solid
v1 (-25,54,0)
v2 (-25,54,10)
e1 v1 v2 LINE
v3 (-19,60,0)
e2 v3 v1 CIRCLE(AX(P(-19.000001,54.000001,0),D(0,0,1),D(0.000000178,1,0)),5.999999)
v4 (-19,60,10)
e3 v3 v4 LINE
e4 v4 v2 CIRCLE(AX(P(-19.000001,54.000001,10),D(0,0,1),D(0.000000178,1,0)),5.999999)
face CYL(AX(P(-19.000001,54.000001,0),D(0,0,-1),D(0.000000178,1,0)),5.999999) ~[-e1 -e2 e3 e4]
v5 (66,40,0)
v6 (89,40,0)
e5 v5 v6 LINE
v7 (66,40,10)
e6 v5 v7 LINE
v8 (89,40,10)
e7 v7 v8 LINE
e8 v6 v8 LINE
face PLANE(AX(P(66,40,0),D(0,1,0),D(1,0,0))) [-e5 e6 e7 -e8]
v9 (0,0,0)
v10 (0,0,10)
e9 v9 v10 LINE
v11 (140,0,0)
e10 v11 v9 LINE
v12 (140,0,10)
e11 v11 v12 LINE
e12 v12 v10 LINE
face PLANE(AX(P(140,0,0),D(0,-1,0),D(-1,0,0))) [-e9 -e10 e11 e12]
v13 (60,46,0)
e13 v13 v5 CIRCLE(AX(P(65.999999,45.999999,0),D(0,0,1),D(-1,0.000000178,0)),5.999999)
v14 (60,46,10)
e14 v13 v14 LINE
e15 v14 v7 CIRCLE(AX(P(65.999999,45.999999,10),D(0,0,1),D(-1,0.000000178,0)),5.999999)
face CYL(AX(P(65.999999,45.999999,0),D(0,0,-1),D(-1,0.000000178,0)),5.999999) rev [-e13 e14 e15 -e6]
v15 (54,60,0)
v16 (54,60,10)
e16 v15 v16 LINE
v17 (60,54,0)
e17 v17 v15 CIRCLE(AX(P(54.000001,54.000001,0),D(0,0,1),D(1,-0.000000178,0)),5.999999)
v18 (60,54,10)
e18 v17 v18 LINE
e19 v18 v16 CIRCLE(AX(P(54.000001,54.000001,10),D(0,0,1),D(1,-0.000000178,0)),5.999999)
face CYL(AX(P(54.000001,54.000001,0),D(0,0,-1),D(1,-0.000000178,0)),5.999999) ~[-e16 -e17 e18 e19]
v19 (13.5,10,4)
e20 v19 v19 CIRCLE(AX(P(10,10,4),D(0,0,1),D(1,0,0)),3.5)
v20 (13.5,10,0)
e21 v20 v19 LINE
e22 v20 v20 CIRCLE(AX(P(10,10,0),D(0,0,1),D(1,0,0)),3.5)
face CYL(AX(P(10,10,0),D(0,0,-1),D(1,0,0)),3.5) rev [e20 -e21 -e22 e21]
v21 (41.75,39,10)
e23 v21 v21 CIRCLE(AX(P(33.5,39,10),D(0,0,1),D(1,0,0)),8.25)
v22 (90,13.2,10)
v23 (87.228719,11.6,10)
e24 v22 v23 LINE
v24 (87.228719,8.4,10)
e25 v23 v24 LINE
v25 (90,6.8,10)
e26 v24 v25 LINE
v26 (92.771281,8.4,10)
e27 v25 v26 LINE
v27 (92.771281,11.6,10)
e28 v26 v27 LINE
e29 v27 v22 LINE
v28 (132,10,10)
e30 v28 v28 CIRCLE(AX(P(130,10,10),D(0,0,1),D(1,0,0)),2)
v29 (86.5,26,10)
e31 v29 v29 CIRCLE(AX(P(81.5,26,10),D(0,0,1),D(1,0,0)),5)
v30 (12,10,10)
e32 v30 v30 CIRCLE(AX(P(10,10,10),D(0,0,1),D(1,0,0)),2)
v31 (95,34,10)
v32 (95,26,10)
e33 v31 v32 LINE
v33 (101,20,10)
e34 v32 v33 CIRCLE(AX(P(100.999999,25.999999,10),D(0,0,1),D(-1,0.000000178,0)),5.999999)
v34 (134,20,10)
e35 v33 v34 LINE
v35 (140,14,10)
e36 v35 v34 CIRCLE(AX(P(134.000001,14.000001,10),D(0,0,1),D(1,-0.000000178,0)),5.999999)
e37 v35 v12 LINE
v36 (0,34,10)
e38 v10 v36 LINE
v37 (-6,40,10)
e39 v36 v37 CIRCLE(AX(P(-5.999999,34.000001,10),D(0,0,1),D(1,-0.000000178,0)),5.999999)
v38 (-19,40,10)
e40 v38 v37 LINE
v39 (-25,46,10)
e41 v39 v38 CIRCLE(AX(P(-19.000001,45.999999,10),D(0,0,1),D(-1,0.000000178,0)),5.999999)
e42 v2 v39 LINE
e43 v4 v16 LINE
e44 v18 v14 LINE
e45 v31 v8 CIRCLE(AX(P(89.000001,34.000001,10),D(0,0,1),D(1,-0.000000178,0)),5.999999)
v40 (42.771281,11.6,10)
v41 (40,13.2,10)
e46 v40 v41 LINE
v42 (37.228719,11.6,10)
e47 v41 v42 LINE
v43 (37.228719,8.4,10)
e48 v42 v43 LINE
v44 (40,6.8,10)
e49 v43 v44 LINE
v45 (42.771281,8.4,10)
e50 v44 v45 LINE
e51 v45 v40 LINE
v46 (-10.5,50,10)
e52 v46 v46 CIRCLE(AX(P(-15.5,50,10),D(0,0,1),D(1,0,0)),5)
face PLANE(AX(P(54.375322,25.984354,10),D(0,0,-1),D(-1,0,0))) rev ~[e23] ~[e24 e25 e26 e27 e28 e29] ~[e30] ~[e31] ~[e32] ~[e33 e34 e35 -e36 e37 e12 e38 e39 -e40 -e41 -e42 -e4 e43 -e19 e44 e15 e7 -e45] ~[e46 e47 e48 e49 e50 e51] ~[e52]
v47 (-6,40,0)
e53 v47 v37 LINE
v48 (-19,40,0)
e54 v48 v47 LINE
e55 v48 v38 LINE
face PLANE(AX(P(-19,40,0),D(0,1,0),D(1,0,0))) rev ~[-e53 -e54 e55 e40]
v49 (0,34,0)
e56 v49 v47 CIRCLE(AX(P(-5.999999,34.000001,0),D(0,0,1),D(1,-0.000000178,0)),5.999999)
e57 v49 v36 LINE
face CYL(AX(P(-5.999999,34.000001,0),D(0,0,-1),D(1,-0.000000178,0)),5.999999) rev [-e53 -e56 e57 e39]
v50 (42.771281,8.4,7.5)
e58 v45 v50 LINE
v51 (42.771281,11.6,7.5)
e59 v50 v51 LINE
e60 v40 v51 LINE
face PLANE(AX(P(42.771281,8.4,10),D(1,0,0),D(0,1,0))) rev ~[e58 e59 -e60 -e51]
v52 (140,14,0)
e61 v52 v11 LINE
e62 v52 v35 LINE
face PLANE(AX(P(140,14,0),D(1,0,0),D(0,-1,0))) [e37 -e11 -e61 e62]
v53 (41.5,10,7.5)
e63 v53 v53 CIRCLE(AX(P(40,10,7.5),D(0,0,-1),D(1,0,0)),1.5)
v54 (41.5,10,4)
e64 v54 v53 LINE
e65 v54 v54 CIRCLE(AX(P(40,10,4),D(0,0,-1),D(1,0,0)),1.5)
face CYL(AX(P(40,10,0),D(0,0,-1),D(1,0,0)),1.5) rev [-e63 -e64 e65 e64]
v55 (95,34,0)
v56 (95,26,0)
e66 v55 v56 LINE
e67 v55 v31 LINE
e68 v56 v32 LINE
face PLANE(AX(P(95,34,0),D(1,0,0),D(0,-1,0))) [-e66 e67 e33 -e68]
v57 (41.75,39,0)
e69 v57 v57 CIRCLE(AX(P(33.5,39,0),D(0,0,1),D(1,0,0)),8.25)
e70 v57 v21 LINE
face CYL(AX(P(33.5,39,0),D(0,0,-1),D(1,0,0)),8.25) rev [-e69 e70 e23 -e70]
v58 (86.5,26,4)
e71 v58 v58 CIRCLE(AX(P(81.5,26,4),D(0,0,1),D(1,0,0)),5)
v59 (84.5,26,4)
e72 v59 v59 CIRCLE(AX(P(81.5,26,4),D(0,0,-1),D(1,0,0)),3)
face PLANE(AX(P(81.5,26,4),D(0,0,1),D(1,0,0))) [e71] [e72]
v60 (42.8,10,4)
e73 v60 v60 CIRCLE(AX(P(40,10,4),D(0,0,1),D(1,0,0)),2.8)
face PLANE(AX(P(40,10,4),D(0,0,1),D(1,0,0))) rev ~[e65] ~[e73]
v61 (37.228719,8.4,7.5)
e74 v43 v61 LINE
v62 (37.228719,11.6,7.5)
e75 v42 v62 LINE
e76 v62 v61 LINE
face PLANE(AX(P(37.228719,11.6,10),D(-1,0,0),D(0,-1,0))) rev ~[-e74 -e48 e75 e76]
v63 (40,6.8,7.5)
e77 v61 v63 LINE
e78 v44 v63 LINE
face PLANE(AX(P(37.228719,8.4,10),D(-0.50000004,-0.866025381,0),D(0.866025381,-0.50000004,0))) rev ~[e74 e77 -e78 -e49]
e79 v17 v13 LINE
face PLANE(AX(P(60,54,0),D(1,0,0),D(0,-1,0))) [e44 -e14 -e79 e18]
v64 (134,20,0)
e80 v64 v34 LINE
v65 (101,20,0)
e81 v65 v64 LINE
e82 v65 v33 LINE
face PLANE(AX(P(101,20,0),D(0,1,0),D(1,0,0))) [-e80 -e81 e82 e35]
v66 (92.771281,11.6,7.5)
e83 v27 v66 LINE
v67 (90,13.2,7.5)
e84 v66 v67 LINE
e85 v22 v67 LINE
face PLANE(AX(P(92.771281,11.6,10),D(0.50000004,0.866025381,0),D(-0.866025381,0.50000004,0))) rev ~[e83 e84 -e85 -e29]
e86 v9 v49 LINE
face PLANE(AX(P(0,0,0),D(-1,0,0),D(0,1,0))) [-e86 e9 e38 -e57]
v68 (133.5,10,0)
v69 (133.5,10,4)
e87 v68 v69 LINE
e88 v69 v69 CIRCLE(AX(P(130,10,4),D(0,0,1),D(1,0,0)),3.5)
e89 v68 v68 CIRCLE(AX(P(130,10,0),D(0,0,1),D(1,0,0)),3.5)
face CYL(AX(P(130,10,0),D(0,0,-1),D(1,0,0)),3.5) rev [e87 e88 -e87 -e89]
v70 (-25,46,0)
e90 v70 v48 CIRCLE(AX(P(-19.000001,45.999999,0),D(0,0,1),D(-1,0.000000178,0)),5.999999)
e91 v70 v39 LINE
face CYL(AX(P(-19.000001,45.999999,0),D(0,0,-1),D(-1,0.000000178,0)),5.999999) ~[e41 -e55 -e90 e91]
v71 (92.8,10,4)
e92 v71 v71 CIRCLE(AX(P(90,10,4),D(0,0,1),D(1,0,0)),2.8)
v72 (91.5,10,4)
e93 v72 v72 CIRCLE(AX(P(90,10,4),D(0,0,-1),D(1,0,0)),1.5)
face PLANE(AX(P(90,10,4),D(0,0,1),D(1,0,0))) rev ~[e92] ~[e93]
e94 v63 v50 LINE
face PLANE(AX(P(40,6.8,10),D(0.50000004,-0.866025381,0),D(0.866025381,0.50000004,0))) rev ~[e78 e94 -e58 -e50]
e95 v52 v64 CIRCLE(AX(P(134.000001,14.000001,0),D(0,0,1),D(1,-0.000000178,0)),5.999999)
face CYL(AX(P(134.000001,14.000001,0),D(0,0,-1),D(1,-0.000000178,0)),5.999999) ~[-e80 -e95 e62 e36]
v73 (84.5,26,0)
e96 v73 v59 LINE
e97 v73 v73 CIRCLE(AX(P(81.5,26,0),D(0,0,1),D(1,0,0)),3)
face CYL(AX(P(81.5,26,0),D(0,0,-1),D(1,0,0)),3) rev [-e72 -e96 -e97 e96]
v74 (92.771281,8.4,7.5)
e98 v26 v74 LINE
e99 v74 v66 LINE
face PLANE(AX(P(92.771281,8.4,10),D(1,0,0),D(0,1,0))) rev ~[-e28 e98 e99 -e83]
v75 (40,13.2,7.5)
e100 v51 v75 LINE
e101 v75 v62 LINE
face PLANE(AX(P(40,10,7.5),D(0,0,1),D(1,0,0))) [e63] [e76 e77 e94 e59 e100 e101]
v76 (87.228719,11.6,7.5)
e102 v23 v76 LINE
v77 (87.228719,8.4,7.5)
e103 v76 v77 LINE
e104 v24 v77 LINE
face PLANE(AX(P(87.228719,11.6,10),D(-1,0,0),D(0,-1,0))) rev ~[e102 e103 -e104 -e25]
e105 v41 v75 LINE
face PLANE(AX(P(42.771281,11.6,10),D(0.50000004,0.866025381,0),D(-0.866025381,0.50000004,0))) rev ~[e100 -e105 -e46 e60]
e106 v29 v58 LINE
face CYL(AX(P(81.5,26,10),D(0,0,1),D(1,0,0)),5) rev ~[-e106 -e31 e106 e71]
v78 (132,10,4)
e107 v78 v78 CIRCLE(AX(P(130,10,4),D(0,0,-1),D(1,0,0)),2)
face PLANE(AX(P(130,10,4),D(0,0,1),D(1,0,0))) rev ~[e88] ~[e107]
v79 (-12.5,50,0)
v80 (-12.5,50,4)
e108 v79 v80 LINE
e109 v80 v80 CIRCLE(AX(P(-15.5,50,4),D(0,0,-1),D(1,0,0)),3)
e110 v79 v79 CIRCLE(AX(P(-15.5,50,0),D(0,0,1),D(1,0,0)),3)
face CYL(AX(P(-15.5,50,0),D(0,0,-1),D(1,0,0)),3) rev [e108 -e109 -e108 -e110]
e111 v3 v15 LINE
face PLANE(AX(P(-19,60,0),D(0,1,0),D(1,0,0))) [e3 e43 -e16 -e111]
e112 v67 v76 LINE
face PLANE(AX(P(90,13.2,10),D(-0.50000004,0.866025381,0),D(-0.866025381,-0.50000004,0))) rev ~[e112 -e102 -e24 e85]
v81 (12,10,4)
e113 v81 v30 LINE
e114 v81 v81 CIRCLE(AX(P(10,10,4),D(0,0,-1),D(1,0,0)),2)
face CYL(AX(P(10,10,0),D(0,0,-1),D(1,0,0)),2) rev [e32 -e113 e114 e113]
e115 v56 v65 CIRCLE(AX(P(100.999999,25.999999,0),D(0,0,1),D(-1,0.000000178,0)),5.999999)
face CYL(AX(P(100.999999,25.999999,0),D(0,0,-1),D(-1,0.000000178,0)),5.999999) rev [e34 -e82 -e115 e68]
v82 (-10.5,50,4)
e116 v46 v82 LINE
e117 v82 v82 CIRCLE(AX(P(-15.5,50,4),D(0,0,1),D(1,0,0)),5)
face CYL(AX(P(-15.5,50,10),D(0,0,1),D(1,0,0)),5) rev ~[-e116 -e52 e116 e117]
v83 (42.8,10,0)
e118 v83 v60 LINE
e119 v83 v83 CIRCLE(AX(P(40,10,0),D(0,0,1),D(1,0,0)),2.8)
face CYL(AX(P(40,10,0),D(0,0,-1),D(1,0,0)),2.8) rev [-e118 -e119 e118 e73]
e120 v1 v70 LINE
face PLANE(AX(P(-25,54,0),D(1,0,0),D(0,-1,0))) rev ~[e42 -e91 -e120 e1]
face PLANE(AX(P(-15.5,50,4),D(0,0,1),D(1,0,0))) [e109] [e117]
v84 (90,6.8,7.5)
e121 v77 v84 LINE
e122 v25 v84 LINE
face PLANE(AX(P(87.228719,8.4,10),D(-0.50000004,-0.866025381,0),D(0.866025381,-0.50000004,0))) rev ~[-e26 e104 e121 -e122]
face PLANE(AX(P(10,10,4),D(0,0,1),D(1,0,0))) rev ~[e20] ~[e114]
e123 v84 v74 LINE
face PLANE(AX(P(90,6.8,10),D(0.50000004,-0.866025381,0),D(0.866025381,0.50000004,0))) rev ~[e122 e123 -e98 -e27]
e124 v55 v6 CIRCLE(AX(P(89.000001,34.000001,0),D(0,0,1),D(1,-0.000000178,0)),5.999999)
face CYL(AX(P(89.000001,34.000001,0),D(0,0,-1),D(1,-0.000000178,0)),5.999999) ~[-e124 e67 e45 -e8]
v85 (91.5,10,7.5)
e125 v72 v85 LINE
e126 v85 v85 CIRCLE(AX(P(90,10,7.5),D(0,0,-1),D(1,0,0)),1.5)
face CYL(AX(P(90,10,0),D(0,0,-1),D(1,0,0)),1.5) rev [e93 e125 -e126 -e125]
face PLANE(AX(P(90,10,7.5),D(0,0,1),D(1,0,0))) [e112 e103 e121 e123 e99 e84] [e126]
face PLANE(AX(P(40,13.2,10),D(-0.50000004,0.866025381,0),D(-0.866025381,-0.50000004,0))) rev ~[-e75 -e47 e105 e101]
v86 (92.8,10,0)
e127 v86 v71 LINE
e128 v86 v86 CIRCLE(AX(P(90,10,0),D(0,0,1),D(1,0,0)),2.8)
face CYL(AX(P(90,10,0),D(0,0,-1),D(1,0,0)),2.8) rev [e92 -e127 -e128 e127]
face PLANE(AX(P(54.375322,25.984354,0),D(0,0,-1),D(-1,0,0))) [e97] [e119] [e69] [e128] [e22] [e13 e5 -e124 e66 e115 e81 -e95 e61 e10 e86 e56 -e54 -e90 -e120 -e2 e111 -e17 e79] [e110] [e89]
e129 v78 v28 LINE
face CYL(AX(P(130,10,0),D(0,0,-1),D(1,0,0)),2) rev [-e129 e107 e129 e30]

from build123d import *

# Parameters (mm, degrees)
SKETCH_R        = 2
SKETCH_R_2      = 8.25
SKETCH_R_3      = 3
SKETCH_R_4      = 1.5
PAD_DEPTH       = 10
SKETCH004_R     = 3.5
SKETCH004_R_2   = 2.8
POCKET_DEPTH    = 4
POCKET001_DEPTH = 2.5
SKETCH006_R     = 5
POCKET002_DEPTH = 6


with BuildPart() as part:
    # Sketch → Pad (new body)
    with BuildSketch(Plane.XY):
        with BuildLine():
            Line((0, 0), (0, 34))
            ThreePointArc((0, 34), (-1.757359, 38.242641), (-6, 40))
            Line((-19, 40), (-6, 40))
            ThreePointArc((-25, 46), (-23.242641, 41.757359), (-19, 40))
            Line((-25, 54), (-25, 46))
            ThreePointArc((-19, 60), (-23.242641, 58.242641), (-25, 54))
            Line((-19, 60), (54, 60))
            ThreePointArc((60, 54), (58.242641, 58.242641), (54, 60))
            Line((60, 54), (60, 46))
            ThreePointArc((60, 46), (61.757359, 41.757359), (66, 40))
            Line((66, 40), (89, 40))
            ThreePointArc((95, 34), (93.242641, 38.242641), (89, 40))
            Line((95, 34), (95, 26))
            ThreePointArc((95, 26), (96.757359, 21.757359), (101, 20))
            Line((101, 20), (134, 20))
            ThreePointArc((140, 14), (138.242641, 18.242641), (134, 20))
            Line((140, 14), (140, 0))
            Line((140, 0), (0, 0))
        make_face()
        with Locations((10, 10)):
            Circle(SKETCH_R, mode=Mode.SUBTRACT)
        with Locations((33.5, 39)):
            Circle(SKETCH_R_2, mode=Mode.SUBTRACT)
        with Locations((81.5, 26)):
            Circle(SKETCH_R_3, mode=Mode.SUBTRACT)
        with Locations((130, 10)):
            Circle(SKETCH_R, mode=Mode.SUBTRACT)
        with Locations((40, 10)):
            Circle(SKETCH_R_4, mode=Mode.SUBTRACT)
        with Locations((90, 10)):
            Circle(SKETCH_R_4, mode=Mode.SUBTRACT)
        with Locations((-15.5, 50)):
            Circle(SKETCH_R_3, mode=Mode.SUBTRACT)
    extrude(amount=PAD_DEPTH)

    # Sketch004 → Pocket (cut)
    with BuildSketch(Plane.XY):
        with Locations((10, 10)):
            Circle(SKETCH004_R)
        with Locations((40, 10)):
            Circle(SKETCH004_R_2)
        with Locations((130, 10)):
            Circle(SKETCH004_R)
        with Locations((90, 10)):
            Circle(SKETCH004_R_2)
    extrude(amount=POCKET_DEPTH, mode=Mode.SUBTRACT)

    # Sketch005 (on Face5 of Pocket) → Pocket001 (cut)
    with BuildSketch(Plane.XY.offset(10)):
        Polygon((40, 6.8), (42.771281, 8.4), (42.771281, 11.6), (40, 13.2), (37.228719, 11.6), (37.228719, 8.4), align=None)
        Polygon((90, 6.8), (92.771281, 8.4), (92.771281, 11.6), (90, 13.2), (87.228719, 11.6), (87.228719, 8.4), align=None)
    extrude(amount=-POCKET001_DEPTH, mode=Mode.SUBTRACT)

    # Sketch006 (on Face5 of Pocket) → Pocket002 (cut)
    with BuildSketch(Plane.XY.offset(10)):
        with Locations((81.5, 26)):
            Circle(SKETCH006_R)
        with Locations((-15.5, 50)):
            Circle(SKETCH006_R)
    extrude(amount=-POCKET002_DEPTH, mode=Mode.SUBTRACT)


solid = part.part
